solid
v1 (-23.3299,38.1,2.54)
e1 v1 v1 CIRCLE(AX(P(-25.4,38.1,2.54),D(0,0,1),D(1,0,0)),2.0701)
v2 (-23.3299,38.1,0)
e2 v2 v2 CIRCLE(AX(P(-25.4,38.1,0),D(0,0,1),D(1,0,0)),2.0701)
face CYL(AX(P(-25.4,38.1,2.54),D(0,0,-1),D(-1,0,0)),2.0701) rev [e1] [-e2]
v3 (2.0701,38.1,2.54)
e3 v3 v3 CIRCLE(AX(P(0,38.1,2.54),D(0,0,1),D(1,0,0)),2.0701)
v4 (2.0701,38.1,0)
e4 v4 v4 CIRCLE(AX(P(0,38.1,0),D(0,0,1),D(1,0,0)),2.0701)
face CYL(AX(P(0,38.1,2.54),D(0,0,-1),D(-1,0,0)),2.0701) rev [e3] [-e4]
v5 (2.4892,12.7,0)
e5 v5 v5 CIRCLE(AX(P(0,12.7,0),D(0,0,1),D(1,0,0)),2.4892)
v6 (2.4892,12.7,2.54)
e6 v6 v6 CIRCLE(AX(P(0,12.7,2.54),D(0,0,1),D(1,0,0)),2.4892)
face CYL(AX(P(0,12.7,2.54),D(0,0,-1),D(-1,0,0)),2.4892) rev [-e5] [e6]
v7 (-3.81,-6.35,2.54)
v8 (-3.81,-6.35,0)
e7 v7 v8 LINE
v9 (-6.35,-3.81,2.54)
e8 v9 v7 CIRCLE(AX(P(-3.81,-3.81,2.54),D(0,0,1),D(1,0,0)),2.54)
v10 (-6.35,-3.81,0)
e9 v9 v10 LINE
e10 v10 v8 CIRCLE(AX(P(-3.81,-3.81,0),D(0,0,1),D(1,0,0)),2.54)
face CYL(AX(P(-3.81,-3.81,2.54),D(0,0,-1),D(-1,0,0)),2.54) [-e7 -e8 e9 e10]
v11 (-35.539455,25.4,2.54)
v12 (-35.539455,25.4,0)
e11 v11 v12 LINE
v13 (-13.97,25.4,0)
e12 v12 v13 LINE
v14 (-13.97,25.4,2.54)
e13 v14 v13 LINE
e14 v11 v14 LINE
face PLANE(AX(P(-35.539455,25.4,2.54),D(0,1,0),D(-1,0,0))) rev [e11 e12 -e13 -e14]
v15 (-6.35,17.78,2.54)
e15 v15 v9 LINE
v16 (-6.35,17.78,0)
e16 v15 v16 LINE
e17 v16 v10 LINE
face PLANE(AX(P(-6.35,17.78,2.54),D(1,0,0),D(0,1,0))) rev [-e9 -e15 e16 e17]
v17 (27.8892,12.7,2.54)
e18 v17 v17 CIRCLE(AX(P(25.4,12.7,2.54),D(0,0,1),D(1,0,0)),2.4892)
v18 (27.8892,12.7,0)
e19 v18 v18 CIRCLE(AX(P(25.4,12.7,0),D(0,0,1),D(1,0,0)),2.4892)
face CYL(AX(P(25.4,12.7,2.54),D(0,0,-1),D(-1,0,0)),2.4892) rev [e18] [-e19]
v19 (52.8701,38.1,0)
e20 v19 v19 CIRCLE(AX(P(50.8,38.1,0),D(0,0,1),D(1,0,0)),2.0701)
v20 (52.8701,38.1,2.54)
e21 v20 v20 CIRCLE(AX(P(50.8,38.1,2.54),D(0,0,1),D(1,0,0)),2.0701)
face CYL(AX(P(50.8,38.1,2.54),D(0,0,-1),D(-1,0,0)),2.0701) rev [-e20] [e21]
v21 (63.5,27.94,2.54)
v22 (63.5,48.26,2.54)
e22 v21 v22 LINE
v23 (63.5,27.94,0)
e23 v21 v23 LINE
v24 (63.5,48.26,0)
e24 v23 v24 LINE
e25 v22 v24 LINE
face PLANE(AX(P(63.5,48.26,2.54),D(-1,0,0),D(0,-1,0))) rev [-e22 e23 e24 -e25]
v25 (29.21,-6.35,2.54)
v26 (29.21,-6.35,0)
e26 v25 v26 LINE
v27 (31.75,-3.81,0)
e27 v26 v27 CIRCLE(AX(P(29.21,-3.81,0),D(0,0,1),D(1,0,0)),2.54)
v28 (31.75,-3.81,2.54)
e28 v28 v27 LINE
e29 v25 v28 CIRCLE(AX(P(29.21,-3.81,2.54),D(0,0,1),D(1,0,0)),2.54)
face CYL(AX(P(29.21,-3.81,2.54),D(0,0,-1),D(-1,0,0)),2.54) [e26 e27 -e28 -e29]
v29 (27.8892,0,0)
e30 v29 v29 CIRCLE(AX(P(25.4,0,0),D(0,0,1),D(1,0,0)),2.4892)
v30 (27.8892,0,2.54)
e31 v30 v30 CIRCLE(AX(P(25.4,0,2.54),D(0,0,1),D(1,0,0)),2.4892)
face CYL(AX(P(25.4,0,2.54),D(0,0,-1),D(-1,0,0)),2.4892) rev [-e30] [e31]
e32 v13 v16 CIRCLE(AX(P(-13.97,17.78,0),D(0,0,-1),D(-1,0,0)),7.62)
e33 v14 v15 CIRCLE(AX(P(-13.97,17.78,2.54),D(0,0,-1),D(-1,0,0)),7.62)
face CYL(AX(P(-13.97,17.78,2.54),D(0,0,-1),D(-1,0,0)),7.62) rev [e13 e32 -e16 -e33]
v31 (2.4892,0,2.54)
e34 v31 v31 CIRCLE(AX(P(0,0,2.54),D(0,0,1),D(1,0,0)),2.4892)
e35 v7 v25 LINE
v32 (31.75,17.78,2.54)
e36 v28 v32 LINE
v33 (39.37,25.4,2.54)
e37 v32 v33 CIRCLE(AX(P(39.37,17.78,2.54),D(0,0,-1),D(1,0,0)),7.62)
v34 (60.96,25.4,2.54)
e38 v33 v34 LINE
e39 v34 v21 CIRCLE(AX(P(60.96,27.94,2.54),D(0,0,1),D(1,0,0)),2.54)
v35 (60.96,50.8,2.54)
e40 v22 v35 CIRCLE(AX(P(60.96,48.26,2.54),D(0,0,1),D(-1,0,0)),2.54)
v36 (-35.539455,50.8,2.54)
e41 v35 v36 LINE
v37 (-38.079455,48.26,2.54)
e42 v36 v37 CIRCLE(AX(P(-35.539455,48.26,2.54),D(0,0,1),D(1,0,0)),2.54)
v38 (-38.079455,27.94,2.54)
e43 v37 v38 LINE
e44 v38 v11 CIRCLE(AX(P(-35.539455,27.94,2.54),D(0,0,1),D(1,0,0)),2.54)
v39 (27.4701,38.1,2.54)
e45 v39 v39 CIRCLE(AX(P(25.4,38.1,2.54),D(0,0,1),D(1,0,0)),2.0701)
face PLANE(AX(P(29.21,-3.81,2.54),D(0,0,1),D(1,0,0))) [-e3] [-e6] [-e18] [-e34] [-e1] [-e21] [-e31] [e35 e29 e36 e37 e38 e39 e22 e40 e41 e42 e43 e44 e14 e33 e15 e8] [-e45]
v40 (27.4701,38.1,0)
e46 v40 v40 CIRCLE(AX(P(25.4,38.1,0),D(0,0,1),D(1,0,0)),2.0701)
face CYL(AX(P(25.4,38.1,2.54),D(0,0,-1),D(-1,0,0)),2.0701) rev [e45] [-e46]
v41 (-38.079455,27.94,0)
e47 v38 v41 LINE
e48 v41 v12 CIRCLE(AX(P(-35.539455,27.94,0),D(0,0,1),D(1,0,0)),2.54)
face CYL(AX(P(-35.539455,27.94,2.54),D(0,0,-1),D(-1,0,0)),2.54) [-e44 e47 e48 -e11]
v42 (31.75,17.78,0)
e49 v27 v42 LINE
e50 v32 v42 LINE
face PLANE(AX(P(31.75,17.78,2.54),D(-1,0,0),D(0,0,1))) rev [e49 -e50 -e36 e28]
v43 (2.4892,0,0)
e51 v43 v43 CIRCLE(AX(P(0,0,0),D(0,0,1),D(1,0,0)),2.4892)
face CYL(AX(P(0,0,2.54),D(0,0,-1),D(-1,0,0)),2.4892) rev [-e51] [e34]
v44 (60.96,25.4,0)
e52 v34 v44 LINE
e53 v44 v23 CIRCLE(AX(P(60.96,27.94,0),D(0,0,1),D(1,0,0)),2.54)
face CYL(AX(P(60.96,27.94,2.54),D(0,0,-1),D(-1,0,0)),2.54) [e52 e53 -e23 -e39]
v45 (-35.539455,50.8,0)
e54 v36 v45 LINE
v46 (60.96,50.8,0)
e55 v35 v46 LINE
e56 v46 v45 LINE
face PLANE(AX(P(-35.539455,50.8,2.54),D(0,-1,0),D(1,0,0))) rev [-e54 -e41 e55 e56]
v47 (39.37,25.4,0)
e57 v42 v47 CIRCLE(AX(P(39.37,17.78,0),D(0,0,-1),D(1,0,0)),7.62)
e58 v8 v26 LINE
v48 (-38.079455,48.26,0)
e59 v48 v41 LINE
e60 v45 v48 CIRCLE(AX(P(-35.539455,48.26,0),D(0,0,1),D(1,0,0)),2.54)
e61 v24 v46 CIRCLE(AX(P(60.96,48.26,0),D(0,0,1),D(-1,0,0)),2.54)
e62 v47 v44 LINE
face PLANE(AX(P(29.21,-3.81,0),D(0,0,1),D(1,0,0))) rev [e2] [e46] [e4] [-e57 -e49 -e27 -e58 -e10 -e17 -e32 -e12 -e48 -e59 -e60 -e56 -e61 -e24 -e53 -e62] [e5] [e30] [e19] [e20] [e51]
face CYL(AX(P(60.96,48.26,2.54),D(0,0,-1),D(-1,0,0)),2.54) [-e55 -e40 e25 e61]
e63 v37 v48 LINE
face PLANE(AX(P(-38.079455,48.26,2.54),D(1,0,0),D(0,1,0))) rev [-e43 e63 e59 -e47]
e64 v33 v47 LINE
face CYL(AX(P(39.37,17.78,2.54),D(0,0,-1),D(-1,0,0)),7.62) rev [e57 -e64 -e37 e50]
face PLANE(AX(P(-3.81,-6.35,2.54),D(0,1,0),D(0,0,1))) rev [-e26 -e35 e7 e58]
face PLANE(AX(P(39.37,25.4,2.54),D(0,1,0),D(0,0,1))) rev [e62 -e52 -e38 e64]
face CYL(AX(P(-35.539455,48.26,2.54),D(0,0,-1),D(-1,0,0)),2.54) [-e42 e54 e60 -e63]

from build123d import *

# Parameters (mm, degrees)
SKETCH1_R           = 2.0701
SKETCH1_R_2         = 2.4892
BOSS_EXTRUDE1_DEPTH = 2.54


with BuildPart() as part:
    # Sketch1 → Boss-Extrude1 (new body)
    with BuildSketch(Plane.XY):
        with BuildLine():
            Line((-35.539454624, 50.8), (60.96, 50.8))
            ThreePointArc((60.96, 50.8), (62.756051224, 50.056051224), (63.5, 48.26))
            Line((63.5, 48.26), (63.5, 27.94))
            ThreePointArc((63.5, 27.94), (62.756051224, 26.143948776), (60.96, 25.4))
            Line((60.96, 25.4), (39.37, 25.4))
            ThreePointArc((39.37, 25.4), (33.981846327, 23.168153673), (31.75, 17.78))
            Line((31.75, 17.78), (31.75, -3.81))
            ThreePointArc((31.75, -3.81), (31.006051224, -5.606051224), (29.21, -6.35))
            Line((29.21, -6.35), (-3.81, -6.35))
            ThreePointArc((-3.81, -6.35), (-5.606051224, -5.606051224), (-6.35, -3.81))
            Line((-6.35, -3.81), (-6.35, 17.78))
            ThreePointArc((-6.35, 17.78), (-8.581846327, 23.168153673), (-13.97, 25.4))
            Line((-13.97, 25.4), (-35.539454624, 25.4))
            ThreePointArc((-35.539454624, 25.4), (-37.335505848, 26.143948776), (-38.079454624, 27.94))
            Line((-38.079454624, 27.94), (-38.079454624, 48.26))
            ThreePointArc((-38.079454624, 48.26), (-37.335505848, 50.056051224), (-35.539454624, 50.8))
        make_face()
        with Locations((-25.4, 38.1)):
            Circle(SKETCH1_R, mode=Mode.SUBTRACT)
        with Locations((0, 38.1)):
            Circle(SKETCH1_R, mode=Mode.SUBTRACT)
        with Locations((25.4, 38.1)):
            Circle(SKETCH1_R, mode=Mode.SUBTRACT)
        with Locations((50.8, 38.1)):
            Circle(SKETCH1_R, mode=Mode.SUBTRACT)
        with Locations((0, 12.7)):
            Circle(SKETCH1_R_2, mode=Mode.SUBTRACT)
        Circle(SKETCH1_R_2, mode=Mode.SUBTRACT)
        with Locations((25.4, 12.7)):
            Circle(SKETCH1_R_2, mode=Mode.SUBTRACT)
        with Locations((25.4, 0)):
            Circle(SKETCH1_R_2, mode=Mode.SUBTRACT)
    extrude(amount=BOSS_EXTRUDE1_DEPTH)


solid = part.part
